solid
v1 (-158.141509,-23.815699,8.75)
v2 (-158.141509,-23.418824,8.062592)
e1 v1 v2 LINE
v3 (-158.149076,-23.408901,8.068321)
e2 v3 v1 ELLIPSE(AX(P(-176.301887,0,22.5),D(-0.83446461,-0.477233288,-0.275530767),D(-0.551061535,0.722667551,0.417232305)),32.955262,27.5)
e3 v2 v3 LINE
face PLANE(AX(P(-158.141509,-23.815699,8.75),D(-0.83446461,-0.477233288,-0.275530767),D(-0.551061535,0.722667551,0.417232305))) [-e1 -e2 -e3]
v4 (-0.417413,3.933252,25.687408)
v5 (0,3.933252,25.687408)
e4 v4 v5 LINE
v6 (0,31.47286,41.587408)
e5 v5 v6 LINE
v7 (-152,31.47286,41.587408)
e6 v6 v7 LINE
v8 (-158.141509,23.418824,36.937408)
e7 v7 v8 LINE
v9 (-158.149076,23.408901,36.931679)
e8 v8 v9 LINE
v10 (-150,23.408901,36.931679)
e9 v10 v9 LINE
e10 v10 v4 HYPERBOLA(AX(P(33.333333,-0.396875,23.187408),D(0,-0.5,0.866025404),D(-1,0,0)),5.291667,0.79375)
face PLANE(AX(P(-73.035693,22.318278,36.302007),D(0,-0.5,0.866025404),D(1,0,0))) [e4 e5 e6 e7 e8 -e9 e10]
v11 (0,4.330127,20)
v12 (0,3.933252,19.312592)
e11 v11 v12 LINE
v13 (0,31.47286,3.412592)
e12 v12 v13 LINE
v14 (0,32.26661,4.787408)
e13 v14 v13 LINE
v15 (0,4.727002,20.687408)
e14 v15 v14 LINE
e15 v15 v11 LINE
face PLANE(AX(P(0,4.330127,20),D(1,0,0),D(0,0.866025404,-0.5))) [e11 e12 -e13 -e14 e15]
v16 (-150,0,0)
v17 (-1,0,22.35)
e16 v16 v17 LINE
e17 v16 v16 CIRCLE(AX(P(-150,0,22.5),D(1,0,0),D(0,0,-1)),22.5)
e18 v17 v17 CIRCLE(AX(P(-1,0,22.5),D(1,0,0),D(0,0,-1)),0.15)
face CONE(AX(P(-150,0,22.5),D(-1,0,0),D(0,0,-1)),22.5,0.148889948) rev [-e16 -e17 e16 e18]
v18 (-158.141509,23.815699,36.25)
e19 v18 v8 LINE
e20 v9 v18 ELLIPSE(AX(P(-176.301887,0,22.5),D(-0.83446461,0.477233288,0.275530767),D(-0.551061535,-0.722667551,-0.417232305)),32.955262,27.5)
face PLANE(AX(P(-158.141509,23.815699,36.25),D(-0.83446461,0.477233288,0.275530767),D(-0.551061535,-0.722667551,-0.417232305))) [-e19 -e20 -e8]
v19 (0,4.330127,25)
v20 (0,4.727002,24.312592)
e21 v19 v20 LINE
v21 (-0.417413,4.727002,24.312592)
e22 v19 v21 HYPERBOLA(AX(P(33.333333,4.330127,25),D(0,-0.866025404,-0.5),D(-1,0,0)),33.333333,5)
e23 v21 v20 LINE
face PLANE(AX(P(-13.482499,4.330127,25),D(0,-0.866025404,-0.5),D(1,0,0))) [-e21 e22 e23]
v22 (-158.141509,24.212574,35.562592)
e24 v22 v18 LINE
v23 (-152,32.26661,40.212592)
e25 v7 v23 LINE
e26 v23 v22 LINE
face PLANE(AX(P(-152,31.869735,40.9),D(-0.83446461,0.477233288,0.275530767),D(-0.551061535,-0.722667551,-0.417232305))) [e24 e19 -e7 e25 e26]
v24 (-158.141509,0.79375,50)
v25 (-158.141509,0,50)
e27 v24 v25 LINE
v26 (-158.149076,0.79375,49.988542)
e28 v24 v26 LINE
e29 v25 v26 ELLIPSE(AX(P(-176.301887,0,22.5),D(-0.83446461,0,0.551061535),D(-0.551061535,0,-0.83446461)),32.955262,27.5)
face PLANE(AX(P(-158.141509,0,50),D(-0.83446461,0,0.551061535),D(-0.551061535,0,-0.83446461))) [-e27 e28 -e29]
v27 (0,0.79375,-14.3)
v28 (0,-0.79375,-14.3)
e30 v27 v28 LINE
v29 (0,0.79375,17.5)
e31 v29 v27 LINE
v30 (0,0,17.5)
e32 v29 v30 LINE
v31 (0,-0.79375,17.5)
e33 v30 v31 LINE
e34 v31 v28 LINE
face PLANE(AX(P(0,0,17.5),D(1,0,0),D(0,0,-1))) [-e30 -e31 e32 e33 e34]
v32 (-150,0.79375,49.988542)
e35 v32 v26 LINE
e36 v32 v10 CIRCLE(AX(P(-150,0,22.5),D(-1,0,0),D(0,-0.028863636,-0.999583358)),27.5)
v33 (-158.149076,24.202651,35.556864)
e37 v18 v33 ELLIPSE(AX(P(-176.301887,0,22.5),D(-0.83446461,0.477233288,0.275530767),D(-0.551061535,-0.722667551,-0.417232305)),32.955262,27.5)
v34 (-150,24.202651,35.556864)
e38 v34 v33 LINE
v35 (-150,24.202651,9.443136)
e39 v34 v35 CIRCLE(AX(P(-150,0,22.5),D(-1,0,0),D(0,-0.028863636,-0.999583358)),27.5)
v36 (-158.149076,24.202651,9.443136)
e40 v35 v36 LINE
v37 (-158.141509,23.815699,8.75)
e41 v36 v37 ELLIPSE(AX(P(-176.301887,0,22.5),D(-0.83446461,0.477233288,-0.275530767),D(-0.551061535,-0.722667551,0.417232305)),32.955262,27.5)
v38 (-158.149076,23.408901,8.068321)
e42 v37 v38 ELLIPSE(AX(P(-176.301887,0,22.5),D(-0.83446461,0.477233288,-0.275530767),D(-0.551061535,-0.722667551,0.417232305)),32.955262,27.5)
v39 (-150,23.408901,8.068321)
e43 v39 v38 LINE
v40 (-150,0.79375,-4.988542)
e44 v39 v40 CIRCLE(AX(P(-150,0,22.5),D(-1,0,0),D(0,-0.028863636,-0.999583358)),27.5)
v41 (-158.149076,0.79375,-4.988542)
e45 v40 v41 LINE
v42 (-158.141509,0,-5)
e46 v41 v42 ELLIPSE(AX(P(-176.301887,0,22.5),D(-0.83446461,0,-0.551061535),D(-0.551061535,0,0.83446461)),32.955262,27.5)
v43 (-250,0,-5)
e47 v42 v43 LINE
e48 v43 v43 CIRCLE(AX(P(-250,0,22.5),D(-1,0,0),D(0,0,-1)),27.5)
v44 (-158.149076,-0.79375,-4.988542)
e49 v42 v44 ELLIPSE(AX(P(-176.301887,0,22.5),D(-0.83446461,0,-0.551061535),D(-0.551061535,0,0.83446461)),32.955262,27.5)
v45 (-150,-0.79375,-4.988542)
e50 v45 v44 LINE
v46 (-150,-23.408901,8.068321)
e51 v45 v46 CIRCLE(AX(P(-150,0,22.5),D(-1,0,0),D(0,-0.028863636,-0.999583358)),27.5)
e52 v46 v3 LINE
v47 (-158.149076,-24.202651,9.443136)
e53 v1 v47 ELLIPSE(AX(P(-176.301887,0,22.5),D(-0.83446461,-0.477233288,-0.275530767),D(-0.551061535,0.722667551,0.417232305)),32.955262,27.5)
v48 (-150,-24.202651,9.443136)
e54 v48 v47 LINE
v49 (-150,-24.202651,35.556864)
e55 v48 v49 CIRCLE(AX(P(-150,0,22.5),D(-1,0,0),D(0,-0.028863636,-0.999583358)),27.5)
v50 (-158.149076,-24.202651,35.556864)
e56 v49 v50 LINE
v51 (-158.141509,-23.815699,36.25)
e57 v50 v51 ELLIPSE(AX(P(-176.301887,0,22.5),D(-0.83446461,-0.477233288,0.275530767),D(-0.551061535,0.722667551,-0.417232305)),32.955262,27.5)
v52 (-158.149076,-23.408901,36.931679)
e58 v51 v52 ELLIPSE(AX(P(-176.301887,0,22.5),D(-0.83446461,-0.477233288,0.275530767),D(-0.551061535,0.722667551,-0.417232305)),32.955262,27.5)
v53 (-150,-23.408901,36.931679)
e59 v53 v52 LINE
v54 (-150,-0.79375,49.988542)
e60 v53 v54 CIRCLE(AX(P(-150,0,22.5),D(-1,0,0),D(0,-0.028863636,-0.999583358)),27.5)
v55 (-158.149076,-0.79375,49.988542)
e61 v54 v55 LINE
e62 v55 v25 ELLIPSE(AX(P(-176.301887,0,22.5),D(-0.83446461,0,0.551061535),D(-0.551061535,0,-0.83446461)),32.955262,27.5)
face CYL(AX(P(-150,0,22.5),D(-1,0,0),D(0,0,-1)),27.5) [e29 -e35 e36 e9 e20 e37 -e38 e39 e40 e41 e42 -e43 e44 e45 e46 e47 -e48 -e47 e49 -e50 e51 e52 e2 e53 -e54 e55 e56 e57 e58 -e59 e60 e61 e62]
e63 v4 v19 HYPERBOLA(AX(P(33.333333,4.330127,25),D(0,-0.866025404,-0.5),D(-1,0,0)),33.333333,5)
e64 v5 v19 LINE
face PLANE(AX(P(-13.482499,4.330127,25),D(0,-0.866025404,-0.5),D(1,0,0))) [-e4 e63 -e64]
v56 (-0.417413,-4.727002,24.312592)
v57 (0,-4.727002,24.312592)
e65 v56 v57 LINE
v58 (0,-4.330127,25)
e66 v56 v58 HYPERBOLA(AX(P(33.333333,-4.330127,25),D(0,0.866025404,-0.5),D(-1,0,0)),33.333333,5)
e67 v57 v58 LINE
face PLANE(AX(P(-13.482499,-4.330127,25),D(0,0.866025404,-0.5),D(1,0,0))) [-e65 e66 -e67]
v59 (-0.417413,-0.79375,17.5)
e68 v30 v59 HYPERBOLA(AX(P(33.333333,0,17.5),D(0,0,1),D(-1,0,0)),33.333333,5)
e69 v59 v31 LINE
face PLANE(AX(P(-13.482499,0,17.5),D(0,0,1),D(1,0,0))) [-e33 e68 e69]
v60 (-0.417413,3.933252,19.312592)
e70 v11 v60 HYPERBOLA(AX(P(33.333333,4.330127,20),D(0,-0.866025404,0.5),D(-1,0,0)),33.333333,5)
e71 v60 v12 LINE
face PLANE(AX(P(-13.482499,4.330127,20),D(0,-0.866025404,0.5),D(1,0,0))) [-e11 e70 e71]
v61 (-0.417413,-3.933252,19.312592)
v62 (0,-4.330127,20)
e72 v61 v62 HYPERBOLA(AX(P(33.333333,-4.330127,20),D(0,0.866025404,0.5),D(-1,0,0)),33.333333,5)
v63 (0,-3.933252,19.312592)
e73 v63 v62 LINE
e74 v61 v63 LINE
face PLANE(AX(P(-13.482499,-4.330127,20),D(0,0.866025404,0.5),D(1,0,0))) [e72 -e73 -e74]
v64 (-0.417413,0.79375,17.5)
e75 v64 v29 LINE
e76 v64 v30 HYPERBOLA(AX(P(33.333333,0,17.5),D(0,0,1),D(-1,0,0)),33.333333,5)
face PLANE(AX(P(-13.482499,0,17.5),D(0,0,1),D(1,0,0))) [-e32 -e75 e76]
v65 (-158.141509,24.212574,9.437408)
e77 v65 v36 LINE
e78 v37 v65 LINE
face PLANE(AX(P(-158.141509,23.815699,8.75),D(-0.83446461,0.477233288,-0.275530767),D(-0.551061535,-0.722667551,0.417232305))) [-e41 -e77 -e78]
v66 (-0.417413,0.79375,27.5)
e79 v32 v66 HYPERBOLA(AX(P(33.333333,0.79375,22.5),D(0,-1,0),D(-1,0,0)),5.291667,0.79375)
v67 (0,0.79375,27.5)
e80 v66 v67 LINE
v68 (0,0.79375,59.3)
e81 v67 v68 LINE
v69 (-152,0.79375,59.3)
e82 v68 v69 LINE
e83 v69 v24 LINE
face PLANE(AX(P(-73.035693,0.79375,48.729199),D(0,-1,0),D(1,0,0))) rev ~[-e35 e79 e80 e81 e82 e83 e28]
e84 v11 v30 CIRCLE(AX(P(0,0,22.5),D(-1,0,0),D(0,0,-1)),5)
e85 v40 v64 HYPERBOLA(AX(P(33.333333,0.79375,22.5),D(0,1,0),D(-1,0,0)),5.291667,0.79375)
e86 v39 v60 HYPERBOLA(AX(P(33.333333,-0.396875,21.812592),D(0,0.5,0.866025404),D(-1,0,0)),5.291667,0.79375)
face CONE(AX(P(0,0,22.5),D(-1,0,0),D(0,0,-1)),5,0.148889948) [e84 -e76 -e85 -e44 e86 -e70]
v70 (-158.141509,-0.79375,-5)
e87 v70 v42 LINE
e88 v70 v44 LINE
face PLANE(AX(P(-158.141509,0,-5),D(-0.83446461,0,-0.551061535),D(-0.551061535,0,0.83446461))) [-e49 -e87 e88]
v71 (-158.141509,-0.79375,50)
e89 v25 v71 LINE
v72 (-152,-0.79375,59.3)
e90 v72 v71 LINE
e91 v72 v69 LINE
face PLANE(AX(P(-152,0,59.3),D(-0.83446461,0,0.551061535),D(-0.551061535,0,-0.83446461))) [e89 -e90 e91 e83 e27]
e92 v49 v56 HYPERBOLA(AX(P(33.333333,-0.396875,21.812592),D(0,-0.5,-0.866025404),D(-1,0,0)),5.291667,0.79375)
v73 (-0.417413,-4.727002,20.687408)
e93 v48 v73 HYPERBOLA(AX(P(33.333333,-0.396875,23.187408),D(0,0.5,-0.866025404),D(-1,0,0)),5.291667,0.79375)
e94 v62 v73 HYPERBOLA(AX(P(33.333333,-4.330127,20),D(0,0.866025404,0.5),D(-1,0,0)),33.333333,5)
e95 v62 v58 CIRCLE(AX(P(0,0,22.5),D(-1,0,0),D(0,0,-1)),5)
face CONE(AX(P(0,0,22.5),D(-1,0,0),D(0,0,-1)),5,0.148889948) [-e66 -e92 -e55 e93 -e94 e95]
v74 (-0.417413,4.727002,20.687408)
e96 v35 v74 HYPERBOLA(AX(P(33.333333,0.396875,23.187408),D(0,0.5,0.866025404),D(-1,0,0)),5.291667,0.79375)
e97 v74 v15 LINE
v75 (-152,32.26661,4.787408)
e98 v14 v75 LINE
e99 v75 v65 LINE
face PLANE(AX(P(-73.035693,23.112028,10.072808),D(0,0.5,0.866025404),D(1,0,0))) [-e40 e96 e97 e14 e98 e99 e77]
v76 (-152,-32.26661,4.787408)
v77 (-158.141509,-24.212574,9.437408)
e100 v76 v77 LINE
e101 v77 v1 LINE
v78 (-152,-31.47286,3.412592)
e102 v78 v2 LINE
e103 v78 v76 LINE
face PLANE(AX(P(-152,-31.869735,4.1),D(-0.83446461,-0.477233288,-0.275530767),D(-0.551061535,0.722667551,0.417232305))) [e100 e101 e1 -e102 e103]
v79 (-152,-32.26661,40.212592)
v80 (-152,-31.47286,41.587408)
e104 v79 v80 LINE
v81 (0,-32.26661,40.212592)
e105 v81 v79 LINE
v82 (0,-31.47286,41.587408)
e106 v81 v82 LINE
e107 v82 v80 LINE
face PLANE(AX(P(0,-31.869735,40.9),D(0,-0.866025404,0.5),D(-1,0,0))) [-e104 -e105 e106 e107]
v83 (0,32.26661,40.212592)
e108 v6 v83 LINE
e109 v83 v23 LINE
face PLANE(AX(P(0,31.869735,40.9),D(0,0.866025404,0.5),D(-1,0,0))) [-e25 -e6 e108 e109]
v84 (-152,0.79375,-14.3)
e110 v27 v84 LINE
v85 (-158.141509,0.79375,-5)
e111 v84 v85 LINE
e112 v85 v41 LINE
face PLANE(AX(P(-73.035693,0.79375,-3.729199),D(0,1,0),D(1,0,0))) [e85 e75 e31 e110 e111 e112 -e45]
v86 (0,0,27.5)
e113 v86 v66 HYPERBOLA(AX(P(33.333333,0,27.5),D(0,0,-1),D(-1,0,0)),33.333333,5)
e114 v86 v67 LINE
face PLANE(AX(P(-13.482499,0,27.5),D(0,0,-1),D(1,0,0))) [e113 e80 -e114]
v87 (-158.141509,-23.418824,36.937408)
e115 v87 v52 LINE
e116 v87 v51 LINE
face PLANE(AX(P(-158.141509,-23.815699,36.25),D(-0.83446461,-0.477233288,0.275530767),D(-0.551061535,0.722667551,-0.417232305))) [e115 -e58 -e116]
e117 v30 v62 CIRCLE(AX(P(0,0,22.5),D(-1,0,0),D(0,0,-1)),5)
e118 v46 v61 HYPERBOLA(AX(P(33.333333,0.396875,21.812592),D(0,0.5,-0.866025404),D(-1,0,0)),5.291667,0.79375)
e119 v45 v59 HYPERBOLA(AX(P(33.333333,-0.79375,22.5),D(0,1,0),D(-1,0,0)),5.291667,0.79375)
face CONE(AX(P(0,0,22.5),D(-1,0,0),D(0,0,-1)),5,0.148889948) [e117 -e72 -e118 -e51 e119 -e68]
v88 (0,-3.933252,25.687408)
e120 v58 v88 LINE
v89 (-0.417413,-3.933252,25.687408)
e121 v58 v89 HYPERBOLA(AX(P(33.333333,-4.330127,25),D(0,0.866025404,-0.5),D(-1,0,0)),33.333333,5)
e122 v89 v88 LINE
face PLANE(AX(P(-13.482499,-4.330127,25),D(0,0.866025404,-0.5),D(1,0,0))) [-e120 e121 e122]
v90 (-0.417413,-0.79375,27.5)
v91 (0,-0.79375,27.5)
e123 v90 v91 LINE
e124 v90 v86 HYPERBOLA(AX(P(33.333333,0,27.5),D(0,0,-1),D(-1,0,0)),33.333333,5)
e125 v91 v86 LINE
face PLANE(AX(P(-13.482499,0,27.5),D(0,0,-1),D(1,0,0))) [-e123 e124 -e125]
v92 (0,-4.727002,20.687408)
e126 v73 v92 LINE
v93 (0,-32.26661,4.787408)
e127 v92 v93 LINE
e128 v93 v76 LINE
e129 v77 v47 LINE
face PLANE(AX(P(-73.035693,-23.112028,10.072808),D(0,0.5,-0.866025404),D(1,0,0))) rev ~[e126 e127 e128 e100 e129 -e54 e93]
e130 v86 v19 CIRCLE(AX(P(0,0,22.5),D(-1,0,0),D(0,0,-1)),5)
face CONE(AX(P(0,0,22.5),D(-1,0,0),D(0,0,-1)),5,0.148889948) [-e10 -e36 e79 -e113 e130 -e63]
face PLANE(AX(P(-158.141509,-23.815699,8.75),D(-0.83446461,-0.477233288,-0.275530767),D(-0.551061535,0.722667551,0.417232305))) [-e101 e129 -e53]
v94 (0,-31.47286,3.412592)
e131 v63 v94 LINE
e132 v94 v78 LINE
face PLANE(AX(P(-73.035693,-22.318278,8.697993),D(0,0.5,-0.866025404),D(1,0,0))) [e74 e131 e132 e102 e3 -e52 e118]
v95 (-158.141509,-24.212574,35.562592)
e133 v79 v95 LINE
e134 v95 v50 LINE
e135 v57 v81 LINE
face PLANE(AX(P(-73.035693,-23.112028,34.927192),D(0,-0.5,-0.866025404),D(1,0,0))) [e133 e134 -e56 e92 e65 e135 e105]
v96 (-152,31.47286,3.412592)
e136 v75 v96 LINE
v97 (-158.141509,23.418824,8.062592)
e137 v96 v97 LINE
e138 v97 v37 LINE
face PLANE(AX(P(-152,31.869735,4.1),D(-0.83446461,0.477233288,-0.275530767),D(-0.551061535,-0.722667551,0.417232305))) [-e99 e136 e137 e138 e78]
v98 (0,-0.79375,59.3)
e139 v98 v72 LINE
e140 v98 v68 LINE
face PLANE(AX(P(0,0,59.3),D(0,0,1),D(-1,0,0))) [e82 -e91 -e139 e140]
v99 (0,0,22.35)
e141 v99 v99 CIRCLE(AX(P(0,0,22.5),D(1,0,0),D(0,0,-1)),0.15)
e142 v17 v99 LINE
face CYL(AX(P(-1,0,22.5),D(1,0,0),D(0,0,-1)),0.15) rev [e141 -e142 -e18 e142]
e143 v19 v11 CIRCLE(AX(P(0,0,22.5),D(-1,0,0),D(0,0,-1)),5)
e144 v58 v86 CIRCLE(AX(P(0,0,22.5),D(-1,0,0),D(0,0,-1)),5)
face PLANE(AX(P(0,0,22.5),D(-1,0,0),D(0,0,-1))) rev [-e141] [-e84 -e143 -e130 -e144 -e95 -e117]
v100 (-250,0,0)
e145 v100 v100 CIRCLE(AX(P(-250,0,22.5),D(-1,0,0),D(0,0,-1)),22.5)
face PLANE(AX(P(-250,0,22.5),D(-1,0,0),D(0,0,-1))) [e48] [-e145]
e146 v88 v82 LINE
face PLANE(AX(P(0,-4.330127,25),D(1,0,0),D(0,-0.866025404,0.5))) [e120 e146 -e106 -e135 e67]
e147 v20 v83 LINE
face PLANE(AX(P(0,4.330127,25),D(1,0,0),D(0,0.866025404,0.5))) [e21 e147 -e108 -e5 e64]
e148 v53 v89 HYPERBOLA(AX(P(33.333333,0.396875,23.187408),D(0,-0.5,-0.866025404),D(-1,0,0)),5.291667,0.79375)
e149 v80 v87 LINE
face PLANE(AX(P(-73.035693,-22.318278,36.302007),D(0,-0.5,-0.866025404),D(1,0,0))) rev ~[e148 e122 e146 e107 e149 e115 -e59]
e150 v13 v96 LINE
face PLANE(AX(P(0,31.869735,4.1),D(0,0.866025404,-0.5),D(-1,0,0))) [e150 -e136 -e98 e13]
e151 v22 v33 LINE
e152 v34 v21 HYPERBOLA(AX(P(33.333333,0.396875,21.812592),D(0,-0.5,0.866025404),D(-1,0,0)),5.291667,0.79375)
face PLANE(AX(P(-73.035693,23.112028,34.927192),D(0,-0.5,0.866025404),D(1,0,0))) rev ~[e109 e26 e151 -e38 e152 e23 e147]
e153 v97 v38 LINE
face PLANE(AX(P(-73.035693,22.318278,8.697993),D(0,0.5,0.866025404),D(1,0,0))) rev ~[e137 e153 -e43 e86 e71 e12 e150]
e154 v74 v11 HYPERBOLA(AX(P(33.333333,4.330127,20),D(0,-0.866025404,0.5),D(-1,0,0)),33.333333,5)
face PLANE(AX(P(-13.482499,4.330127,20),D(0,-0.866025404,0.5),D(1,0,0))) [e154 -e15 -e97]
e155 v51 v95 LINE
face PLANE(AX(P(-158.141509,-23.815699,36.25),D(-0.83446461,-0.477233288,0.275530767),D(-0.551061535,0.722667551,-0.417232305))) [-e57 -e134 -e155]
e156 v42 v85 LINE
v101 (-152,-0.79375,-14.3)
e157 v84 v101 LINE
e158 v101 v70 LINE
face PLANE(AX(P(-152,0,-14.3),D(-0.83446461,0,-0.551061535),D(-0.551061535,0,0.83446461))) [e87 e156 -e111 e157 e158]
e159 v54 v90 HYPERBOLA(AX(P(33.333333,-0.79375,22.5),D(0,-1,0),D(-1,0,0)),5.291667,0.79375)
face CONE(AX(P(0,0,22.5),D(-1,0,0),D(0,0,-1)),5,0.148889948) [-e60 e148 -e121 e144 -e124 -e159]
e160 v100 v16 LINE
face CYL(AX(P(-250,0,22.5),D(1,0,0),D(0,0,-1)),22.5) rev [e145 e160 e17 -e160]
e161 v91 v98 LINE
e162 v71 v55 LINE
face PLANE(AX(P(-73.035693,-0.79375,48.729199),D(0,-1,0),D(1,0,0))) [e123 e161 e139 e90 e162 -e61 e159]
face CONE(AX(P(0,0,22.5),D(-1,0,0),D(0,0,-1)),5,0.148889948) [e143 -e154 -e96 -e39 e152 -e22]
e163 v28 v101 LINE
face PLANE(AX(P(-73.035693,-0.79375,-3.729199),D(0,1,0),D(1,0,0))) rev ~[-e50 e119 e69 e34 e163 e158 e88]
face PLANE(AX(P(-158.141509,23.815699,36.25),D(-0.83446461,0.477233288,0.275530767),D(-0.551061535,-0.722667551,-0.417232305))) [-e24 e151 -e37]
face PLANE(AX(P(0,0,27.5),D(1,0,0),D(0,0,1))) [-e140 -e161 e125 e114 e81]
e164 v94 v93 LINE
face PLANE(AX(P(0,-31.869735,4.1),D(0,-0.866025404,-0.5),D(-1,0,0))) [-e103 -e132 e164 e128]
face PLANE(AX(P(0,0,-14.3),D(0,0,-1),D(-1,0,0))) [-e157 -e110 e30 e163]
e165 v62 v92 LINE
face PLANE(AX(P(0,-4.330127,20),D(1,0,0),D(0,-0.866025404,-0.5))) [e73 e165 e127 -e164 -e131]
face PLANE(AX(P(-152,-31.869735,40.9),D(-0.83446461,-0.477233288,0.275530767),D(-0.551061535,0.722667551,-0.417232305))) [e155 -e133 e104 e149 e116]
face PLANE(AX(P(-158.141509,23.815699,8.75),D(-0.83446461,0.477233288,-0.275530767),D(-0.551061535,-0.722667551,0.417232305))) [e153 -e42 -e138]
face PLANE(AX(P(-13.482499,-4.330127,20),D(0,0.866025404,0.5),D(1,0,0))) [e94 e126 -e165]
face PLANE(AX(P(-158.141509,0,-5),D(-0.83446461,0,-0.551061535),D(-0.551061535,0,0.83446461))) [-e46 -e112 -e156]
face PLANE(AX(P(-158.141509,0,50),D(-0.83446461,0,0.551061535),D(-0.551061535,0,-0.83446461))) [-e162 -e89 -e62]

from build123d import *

# Parameters (mm, degrees)
BOSS_EXTRUDE2_DEPTH = 0.79375
CIRPATTERN1_COUNT   = 6


with BuildPart() as part:
    # Sketch1 → Revolve1 (revolve)
    with BuildSketch(Plane(origin=(0, 0, 0), x_dir=(1, 0, 0), z_dir=(0, 1, 0))):
        Polygon((-250, 0), (-150, 0), (-1, -22.35), (0, -22.35), (0, -17.5), (-150, 5), (-250, 5), align=None)
    revolve1 = revolve(axis=Axis((0, 0, 22.5), (-1, 0, 0)))

    # Sketch3 → Boss-Extrude2 (add, symmetric)
    with BuildSketch(Plane(origin=(0, 0, 0), x_dir=(1, 0, 0), z_dir=(0, 1, 0))):
        Polygon((-152, 14.3), (-158.141509434, 5), (-150, 5), (0, -17.5), (0, 14.3), align=None)
        Polygon((-158.141509434, 5), (-159.462264151, 3), (-150.149165611, 3), (-13.482498944, -17.5), (0, -17.5), (-150, 5), align=None)
    boss_extrude2 = extrude(amount=BOSS_EXTRUDE2_DEPTH, both=True)

    # CirPattern1: Revolve1, Boss-Extrude2 ×6 about axis
    cirpattern1_axis = Axis((0, 0, 22.5), (1, 0, 0))
    add([revolve1.rotate(cirpattern1_axis, i * 360 / CIRPATTERN1_COUNT) for i in range(1, CIRPATTERN1_COUNT)])
    add([boss_extrude2.rotate(cirpattern1_axis, i * 360 / CIRPATTERN1_COUNT) for i in range(1, CIRPATTERN1_COUNT)])


solid = part.part
